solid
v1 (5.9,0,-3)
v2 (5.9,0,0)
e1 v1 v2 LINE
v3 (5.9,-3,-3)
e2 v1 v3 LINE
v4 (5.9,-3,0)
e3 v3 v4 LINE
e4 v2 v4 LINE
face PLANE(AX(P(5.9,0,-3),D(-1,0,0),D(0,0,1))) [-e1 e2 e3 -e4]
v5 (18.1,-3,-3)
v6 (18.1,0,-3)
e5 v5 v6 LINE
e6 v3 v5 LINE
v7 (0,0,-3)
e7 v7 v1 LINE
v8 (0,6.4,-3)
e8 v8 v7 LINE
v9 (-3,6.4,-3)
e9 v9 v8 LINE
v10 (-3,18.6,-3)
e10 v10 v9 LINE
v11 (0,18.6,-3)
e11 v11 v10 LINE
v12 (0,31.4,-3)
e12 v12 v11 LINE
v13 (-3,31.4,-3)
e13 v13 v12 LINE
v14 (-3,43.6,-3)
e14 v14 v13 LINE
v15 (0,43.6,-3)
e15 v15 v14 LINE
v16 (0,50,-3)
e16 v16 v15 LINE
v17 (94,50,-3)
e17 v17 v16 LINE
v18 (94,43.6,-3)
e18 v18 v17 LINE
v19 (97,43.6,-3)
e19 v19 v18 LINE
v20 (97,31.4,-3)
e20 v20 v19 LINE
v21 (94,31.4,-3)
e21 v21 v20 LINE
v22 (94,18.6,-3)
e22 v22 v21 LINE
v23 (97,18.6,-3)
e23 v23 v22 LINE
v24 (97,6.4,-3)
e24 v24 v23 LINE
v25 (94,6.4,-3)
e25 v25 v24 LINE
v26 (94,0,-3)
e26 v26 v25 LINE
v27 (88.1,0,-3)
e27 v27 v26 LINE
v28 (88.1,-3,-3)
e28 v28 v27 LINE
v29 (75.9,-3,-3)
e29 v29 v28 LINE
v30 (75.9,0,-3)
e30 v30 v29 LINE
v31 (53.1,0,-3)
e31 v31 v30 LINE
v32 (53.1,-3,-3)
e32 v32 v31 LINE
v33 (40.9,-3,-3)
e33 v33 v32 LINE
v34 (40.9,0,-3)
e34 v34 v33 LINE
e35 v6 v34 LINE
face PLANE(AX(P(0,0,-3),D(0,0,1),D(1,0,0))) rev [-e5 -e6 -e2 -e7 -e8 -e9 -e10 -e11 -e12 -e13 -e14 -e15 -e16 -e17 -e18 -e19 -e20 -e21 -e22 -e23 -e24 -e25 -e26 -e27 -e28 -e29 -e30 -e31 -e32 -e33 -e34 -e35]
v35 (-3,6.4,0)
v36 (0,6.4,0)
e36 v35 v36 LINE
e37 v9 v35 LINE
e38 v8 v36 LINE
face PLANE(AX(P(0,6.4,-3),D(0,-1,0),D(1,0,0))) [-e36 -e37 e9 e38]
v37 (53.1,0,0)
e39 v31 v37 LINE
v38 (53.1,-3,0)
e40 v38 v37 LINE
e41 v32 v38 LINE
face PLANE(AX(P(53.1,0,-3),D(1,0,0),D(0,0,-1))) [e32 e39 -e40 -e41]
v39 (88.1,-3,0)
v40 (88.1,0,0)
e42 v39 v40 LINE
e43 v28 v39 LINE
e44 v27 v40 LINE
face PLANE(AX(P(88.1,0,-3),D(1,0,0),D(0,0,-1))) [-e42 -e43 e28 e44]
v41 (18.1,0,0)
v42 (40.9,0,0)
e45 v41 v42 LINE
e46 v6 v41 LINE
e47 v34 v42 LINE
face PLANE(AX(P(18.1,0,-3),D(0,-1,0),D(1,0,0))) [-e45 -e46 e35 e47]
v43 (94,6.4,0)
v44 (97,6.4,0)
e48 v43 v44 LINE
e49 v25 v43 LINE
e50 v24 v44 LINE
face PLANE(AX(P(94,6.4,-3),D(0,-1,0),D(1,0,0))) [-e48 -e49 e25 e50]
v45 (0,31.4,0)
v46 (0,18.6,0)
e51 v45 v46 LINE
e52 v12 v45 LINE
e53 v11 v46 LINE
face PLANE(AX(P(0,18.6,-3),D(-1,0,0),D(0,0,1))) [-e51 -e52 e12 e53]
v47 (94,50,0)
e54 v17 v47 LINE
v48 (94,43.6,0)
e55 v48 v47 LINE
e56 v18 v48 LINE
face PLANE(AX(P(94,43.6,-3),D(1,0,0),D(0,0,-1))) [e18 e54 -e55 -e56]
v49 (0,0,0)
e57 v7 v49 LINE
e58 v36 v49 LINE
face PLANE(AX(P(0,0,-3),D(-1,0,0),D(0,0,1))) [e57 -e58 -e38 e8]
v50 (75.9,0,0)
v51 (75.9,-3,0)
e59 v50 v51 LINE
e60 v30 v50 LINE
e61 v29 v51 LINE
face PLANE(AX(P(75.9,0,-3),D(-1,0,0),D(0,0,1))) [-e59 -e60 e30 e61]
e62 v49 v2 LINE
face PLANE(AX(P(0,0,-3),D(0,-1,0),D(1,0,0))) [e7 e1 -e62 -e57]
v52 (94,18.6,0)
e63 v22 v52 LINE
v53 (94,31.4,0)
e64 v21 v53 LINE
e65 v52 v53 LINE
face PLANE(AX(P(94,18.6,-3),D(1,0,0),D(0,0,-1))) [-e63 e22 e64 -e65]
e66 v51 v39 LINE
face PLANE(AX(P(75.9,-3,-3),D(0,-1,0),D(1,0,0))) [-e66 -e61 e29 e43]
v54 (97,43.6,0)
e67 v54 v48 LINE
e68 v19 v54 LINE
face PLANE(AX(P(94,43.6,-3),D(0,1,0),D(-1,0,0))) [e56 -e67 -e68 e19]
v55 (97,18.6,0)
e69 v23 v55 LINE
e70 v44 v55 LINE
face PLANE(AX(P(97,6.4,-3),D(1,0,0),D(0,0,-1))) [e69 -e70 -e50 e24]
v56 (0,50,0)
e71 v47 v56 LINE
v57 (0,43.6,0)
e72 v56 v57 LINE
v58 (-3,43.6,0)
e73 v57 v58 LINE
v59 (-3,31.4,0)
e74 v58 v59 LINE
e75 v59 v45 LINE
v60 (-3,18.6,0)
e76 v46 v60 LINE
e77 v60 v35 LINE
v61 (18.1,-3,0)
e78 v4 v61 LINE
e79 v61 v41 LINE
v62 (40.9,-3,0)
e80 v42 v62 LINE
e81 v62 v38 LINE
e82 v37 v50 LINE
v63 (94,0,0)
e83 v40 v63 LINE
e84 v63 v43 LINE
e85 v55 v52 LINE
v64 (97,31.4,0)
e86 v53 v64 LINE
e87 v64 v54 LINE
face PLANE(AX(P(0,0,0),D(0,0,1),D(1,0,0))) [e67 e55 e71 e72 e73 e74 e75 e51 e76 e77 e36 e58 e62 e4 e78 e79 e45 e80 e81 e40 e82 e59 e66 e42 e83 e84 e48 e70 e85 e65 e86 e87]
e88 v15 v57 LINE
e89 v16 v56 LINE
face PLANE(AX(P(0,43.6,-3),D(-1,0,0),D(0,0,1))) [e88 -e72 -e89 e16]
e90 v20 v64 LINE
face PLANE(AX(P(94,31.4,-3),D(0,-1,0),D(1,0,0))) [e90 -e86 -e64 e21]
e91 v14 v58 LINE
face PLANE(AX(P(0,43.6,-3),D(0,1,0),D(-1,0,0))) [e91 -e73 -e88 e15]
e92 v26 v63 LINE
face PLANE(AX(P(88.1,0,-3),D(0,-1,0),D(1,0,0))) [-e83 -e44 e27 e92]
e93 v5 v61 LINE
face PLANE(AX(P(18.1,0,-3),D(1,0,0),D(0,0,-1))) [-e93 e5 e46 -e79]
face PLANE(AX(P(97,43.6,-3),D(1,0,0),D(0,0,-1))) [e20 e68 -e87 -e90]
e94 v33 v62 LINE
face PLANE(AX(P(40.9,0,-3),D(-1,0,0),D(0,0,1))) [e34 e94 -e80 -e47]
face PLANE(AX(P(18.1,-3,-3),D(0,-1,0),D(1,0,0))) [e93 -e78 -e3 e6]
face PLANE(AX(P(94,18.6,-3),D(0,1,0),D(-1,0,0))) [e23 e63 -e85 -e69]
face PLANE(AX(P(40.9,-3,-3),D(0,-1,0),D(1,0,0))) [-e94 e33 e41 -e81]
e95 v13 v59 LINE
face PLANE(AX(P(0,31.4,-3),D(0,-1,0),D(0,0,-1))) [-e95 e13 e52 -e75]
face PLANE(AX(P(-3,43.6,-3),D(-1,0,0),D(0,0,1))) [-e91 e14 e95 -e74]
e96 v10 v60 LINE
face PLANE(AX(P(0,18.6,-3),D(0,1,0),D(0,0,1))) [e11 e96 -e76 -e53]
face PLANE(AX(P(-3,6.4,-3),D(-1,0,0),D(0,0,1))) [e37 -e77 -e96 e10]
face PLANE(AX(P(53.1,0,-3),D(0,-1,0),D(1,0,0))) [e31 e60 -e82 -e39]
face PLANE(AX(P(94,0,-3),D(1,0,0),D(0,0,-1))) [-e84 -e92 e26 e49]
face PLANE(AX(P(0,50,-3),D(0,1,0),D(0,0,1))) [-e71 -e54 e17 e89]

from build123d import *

# Parameters (mm, degrees)
EXTRUDE_1_DEPTH = 3


with BuildPart() as part:
    # Эскиз1 → Бобышка-Вытянуть1 (new body)
    with BuildSketch(Plane.XY):
        Polygon((0, 0), (5.9, 0), (5.9, -3), (18.1, -3), (18.1, 0), (40.9, 0), (40.9, -3), (53.1, -3), (53.1, 0), (75.9, 0), (75.9, -3), (88.1, -3), (88.1, 0), (94, 0), (94, 6.4), (97, 6.4), (97, 18.6), (94, 18.6), (94, 31.4), (97, 31.4), (97, 43.6), (94, 43.6), (94, 50), (0, 50), (0, 43.6), (-3, 43.6), (-3, 31.4), (0, 31.4), (0, 18.6), (-3, 18.6), (-3, 6.4), (0, 6.4), align=None)
    extrude(amount=-EXTRUDE_1_DEPTH)


solid = part.part
